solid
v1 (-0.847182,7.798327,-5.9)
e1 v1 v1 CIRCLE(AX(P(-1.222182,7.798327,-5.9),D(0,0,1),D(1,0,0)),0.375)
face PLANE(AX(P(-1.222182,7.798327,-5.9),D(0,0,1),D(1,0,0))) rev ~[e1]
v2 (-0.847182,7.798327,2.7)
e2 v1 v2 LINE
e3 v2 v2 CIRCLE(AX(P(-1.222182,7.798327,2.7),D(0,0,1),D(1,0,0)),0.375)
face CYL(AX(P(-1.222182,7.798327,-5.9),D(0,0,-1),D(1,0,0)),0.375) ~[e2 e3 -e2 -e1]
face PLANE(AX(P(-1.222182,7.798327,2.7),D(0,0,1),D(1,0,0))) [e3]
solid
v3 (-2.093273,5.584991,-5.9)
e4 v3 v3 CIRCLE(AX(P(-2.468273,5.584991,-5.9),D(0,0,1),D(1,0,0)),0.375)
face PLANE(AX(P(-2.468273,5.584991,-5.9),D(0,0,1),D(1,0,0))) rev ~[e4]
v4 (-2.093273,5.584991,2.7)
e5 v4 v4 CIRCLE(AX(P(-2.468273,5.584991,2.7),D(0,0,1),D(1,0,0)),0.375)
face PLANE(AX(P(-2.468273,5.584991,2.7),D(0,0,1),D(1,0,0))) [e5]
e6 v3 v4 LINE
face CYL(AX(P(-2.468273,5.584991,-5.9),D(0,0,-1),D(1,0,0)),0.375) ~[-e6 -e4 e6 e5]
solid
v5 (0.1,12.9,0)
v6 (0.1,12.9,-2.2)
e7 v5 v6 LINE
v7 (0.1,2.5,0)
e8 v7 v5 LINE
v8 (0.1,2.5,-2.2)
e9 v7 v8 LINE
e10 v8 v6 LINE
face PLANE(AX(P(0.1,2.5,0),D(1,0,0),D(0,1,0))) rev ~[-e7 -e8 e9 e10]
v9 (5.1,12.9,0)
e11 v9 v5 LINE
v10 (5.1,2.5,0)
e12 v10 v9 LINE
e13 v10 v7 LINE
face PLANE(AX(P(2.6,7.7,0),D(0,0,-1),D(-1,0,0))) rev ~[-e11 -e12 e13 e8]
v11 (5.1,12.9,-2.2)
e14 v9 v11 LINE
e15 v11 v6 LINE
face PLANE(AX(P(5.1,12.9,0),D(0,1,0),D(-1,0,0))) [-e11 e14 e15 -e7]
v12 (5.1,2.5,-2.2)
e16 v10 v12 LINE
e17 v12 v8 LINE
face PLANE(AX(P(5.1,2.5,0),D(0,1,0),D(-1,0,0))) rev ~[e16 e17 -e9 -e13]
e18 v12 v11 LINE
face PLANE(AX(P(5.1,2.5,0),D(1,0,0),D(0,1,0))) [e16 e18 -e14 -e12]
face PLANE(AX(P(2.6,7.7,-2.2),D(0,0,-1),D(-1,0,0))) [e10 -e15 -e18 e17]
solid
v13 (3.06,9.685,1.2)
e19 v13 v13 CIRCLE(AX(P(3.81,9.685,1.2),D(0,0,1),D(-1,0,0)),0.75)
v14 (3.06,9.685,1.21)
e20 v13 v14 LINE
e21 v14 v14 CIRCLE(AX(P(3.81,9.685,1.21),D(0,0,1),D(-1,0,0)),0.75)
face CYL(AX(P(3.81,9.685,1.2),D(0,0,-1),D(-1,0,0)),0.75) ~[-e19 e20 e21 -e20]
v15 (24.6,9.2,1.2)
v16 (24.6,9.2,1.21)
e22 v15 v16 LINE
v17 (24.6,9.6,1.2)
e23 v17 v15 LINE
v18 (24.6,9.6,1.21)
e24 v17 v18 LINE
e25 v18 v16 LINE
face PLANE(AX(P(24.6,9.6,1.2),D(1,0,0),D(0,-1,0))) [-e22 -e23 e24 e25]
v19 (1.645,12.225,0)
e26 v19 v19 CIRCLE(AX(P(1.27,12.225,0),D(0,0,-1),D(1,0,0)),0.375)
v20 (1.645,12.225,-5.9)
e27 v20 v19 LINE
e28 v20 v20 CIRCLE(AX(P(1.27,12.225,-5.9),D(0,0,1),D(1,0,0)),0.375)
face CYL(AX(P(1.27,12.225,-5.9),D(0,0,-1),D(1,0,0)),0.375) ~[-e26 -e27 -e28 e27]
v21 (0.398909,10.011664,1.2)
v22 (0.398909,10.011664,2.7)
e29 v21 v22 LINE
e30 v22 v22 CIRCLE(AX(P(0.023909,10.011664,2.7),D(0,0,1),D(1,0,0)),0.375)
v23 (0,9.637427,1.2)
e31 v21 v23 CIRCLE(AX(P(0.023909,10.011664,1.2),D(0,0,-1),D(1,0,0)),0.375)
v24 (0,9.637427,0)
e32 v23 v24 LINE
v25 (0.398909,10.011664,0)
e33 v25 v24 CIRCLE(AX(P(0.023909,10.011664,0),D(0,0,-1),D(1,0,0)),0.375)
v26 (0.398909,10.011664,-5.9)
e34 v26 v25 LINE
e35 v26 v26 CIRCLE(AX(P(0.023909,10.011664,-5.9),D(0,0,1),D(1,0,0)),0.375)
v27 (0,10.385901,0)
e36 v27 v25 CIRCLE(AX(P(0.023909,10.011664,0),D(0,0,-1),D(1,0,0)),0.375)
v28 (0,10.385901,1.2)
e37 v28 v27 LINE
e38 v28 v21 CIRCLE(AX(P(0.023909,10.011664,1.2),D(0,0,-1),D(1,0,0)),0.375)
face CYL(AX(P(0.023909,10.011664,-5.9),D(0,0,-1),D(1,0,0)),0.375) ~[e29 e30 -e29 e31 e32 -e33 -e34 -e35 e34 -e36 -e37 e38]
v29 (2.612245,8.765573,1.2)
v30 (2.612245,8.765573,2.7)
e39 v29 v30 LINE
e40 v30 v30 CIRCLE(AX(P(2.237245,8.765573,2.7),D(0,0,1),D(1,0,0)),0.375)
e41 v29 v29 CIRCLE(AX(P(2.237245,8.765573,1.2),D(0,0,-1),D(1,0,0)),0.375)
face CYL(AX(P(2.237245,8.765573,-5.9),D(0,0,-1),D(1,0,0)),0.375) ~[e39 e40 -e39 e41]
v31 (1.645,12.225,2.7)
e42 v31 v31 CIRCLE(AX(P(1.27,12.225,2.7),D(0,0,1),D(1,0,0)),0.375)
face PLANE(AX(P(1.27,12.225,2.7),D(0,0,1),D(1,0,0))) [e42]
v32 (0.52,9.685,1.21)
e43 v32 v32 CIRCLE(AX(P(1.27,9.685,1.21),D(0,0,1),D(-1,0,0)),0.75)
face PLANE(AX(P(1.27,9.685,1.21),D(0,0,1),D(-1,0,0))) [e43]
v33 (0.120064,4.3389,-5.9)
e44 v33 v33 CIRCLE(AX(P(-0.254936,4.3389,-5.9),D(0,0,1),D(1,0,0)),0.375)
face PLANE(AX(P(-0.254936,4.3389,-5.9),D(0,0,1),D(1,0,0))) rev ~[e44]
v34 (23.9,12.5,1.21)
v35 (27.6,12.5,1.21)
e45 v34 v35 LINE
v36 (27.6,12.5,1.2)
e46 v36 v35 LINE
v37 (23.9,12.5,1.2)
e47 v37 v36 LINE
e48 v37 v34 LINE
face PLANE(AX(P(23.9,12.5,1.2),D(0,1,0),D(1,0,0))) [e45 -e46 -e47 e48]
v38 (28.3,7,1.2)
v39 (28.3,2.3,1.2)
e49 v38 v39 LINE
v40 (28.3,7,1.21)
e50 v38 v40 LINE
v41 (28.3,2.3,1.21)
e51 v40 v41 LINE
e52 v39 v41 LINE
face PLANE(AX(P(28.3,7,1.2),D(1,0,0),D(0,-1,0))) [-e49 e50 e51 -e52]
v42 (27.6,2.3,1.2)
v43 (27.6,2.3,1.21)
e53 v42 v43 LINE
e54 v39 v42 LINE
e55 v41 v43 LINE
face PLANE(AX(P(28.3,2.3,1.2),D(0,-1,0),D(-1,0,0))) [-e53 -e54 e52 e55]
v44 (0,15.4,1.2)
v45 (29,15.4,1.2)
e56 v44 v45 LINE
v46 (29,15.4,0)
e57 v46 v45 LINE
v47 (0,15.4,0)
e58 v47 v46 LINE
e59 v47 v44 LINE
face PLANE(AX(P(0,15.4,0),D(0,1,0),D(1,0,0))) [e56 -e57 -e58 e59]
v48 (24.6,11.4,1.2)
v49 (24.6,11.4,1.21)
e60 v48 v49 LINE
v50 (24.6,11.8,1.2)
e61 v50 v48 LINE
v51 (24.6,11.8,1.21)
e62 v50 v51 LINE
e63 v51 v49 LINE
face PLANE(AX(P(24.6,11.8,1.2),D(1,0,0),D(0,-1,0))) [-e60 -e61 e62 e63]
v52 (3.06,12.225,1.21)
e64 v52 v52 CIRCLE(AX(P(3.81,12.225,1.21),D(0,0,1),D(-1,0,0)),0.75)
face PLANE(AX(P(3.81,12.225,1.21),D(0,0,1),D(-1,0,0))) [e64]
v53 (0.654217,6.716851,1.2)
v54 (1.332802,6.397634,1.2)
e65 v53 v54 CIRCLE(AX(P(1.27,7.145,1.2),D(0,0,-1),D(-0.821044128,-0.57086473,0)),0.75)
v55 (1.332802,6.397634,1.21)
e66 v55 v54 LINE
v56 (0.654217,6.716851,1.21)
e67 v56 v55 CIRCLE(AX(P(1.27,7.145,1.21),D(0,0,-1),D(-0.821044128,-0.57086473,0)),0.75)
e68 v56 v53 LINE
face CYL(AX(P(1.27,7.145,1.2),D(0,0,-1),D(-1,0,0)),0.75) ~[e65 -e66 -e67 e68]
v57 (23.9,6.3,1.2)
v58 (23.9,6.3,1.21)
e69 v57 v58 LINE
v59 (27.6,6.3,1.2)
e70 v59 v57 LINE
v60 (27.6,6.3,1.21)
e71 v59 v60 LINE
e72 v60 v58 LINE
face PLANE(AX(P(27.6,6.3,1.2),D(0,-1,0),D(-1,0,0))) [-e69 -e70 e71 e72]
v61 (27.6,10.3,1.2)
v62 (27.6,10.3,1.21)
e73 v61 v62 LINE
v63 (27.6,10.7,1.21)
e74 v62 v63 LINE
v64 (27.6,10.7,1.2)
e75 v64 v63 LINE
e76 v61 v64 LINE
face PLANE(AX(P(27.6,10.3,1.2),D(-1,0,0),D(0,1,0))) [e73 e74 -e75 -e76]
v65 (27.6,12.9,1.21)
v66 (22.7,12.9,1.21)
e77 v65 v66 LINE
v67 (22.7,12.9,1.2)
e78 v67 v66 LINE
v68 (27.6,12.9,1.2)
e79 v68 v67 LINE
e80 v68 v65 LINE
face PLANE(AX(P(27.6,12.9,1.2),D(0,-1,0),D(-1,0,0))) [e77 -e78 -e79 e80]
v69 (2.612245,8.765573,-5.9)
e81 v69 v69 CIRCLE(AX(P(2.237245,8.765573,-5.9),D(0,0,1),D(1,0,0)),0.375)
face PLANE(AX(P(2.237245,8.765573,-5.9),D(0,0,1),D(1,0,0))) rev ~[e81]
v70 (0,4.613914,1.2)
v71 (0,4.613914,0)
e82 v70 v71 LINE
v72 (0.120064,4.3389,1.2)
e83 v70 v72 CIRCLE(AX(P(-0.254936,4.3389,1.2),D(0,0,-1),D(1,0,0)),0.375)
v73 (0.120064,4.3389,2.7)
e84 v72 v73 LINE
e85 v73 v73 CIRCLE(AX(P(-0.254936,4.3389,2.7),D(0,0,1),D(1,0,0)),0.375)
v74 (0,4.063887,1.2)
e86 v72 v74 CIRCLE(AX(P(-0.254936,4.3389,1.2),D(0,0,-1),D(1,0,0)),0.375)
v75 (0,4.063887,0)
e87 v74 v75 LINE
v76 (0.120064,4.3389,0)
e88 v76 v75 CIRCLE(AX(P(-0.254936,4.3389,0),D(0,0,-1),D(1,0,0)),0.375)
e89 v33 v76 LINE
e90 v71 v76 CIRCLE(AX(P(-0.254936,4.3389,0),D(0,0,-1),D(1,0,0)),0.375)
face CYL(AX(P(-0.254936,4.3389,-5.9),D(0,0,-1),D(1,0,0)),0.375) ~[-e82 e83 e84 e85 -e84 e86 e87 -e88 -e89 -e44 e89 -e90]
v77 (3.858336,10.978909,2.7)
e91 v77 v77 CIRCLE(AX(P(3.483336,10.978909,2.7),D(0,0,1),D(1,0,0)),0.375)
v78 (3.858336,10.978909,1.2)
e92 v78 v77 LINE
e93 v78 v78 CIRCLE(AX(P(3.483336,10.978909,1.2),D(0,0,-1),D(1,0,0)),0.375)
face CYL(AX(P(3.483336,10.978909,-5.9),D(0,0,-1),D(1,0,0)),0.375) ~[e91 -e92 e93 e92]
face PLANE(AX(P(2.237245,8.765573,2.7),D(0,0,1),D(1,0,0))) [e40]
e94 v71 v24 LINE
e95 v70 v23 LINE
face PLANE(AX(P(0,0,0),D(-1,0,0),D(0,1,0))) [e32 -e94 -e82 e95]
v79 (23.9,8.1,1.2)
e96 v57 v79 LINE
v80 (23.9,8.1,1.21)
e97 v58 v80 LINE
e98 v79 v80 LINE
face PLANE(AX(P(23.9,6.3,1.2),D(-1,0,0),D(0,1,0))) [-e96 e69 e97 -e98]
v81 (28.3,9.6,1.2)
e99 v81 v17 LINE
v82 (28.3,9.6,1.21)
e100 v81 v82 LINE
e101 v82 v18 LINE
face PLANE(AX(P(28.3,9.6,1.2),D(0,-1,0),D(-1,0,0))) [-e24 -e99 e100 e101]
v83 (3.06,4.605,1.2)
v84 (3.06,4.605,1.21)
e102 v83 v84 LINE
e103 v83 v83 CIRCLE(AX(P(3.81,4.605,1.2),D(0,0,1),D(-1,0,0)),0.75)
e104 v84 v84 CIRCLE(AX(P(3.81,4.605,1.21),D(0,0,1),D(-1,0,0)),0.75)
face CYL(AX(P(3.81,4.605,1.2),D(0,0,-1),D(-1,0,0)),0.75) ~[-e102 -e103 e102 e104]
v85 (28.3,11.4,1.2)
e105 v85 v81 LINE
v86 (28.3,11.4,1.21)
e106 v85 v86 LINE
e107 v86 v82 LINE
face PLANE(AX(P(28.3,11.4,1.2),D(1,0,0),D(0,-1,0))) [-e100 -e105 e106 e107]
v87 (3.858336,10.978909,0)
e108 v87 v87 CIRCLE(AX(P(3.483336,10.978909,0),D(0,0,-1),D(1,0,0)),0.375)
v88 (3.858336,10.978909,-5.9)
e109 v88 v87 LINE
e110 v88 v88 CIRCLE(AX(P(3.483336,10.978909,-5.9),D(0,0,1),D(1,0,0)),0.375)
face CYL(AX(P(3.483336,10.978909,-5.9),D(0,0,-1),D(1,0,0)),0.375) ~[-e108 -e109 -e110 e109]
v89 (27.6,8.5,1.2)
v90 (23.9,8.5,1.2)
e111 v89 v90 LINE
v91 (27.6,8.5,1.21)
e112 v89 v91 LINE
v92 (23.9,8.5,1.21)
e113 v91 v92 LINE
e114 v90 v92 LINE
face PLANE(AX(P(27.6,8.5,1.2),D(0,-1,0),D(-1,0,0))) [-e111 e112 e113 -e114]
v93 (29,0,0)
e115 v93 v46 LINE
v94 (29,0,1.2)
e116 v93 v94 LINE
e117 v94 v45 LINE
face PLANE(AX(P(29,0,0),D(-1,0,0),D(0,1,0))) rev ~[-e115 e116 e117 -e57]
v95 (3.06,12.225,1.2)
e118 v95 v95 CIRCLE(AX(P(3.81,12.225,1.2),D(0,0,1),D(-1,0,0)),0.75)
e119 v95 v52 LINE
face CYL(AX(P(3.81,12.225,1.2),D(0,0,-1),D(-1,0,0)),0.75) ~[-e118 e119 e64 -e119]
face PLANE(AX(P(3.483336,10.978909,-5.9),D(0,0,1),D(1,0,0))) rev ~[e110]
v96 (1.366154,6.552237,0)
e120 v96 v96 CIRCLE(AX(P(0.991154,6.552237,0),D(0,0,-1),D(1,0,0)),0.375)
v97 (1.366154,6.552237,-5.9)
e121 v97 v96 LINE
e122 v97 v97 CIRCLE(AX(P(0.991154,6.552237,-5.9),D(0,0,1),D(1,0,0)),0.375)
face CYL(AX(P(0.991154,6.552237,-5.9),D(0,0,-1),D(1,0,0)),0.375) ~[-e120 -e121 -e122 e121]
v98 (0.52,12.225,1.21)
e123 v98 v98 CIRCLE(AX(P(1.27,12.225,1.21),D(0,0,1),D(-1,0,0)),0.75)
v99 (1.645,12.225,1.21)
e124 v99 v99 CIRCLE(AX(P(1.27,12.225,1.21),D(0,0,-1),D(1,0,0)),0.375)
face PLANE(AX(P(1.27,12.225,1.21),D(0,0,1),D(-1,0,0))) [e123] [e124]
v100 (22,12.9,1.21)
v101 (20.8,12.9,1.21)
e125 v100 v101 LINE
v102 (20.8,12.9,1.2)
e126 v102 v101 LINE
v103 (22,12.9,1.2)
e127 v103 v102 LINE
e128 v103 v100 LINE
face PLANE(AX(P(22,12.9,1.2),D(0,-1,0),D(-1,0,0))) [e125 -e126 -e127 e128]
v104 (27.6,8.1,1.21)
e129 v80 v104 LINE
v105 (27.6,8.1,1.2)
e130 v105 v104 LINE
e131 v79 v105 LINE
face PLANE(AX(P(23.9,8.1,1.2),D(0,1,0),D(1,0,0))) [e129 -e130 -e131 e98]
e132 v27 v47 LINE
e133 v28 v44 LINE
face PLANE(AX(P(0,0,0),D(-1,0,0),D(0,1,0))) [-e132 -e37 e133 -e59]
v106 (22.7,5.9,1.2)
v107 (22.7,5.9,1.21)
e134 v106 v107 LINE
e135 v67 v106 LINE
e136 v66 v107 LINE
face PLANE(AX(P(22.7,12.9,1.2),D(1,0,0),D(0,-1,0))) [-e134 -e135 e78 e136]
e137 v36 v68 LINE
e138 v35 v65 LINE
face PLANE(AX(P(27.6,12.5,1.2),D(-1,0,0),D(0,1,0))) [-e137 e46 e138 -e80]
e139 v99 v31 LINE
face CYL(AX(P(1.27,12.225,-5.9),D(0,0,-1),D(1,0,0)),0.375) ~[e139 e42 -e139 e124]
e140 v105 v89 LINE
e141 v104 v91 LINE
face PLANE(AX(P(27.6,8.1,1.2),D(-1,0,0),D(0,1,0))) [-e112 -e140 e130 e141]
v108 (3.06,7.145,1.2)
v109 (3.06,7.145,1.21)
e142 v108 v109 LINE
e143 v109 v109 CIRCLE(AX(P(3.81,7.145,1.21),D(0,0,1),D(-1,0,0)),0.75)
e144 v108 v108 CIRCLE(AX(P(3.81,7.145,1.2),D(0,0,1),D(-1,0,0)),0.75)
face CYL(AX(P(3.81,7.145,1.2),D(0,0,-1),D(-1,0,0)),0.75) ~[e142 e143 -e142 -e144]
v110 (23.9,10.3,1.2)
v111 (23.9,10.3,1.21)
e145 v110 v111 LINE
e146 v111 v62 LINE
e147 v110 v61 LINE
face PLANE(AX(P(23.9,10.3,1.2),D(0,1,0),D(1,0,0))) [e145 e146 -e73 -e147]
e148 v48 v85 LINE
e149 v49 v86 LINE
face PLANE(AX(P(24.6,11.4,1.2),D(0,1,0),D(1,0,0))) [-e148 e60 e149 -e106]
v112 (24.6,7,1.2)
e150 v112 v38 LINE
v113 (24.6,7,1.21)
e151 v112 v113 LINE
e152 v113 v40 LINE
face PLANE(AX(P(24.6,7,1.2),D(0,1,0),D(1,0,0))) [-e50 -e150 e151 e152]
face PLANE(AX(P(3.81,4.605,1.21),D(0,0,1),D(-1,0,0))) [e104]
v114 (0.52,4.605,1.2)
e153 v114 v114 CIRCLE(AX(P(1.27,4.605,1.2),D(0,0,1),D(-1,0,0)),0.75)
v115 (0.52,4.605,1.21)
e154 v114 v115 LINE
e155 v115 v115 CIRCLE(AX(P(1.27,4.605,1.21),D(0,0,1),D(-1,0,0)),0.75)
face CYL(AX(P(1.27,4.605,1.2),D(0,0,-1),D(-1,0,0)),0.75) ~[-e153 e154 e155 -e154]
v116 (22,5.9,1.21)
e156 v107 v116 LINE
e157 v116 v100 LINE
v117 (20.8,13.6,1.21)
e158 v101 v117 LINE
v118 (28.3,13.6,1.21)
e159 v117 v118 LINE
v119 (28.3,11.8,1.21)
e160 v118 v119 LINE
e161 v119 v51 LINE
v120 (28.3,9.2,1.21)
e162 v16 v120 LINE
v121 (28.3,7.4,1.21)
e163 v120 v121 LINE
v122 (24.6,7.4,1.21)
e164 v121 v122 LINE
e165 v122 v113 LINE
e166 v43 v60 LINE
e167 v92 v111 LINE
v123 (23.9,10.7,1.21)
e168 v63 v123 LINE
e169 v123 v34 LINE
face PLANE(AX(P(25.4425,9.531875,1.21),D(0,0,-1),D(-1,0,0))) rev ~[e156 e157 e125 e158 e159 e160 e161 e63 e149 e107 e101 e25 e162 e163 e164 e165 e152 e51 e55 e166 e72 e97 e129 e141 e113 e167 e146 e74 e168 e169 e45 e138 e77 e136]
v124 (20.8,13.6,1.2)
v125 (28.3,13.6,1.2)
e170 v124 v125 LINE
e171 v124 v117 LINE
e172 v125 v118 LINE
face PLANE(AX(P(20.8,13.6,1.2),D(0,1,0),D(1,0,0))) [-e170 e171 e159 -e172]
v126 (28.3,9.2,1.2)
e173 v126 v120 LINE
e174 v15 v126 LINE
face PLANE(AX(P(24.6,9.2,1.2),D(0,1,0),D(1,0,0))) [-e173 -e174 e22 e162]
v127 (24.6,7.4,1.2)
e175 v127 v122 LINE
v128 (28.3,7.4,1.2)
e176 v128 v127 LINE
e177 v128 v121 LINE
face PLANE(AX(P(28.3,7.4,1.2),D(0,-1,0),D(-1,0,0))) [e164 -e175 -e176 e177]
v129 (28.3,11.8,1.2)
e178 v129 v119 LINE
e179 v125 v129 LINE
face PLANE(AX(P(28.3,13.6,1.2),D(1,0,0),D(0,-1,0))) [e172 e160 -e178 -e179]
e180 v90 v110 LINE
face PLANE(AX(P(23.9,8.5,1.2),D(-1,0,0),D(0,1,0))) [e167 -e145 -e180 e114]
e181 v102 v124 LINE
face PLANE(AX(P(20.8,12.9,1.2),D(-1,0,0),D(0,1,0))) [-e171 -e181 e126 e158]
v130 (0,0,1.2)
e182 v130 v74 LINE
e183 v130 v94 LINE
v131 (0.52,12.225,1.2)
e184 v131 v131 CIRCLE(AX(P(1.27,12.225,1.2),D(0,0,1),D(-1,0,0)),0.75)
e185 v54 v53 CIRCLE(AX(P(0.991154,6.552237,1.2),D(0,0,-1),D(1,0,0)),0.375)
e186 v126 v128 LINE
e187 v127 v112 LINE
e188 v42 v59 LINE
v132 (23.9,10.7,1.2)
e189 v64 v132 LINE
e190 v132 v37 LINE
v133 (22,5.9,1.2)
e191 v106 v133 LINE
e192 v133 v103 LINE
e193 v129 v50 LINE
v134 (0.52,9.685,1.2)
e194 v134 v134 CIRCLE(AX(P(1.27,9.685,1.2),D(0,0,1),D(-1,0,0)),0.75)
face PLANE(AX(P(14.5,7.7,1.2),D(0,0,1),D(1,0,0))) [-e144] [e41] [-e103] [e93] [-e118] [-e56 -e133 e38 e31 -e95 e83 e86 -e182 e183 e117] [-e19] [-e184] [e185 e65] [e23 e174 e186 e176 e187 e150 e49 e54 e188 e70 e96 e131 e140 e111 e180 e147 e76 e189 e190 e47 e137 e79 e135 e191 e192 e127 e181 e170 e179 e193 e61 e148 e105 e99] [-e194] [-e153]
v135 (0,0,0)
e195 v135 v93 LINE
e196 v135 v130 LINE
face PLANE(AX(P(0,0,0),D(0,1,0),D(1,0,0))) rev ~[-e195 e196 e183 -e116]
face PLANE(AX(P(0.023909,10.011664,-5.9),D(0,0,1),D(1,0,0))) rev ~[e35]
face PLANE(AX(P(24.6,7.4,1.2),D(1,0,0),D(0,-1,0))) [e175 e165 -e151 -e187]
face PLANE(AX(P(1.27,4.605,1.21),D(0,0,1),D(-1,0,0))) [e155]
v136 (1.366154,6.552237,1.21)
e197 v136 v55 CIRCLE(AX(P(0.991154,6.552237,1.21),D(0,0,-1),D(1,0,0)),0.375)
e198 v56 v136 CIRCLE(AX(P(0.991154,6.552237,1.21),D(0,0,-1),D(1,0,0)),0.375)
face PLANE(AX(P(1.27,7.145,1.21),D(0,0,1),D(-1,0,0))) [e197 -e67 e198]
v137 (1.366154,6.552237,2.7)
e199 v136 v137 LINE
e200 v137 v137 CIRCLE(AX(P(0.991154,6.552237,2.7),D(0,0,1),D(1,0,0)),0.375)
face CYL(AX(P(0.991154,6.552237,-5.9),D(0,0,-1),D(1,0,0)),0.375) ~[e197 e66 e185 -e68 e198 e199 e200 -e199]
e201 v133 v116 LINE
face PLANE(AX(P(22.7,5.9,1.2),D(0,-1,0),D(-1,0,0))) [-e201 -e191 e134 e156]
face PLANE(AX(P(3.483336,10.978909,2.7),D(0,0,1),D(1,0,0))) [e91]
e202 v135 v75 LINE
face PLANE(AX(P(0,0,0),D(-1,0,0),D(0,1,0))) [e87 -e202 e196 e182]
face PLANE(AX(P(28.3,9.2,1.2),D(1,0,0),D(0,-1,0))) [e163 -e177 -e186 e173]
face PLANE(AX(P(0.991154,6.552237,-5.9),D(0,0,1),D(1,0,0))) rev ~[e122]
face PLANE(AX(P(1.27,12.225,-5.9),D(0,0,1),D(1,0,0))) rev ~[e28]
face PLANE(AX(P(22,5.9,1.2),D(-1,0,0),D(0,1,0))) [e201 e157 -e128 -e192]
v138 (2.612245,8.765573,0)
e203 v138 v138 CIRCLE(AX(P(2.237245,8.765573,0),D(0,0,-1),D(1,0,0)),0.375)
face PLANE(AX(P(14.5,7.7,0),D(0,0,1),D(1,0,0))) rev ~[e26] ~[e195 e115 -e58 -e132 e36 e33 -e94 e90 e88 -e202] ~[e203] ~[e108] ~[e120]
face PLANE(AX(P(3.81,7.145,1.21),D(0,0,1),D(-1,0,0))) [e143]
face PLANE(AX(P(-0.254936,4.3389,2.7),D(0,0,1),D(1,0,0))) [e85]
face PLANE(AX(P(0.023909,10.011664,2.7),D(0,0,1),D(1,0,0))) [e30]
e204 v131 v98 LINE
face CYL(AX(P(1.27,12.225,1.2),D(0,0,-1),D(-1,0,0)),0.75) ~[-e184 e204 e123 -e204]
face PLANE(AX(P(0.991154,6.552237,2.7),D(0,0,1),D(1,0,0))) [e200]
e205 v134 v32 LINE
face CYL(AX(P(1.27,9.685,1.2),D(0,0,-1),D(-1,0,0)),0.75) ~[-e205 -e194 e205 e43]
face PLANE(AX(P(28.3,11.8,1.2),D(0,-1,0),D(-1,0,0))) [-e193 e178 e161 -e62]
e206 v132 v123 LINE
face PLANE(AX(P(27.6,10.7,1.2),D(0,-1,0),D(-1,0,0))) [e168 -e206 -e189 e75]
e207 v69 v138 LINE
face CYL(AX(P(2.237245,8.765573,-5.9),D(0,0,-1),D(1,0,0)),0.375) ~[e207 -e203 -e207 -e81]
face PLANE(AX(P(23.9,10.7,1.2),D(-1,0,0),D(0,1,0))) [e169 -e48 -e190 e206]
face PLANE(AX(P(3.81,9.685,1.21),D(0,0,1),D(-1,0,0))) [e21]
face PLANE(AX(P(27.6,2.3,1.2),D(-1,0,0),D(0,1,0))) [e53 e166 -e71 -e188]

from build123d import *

# Parameters (mm, degrees)
SKETCH2_W                = 29
SKETCH2_H                = 15.4
BOSS_EXTRUDE1_DEPTH      = 1.2
SKETCH3_R                = 0.75
BOSS_EXTRUDE2_DEPTH      = 0.01
BOSS_EXTRUDE3_DEPTH      = 1.5
BOSS_EXTRUDE3_DEPTH_BACK = 7.1
SKETCH4_R                = 0.375
BOSS_EXTRUDE4_DEPTH      = 0.01
SKETCH6_W                = 5
SKETCH6_H                = 10.4
BOSS_EXTRUDE5_DEPTH      = 2.2


with BuildPart() as part:
    # Sketch2 → Boss-Extrude1 (new body)
    with BuildSketch(Plane.XY):
        with Locations((14.5, 7.7)):
            Rectangle(SKETCH2_W, SKETCH2_H)
    extrude(amount=BOSS_EXTRUDE1_DEPTH)

    # Sketch3 → Boss-Extrude2 (add)
    with BuildSketch(Plane.XY.offset(1.2)):
        with Locations(Location((1.27, 12.225, 0), (0, 0, 180))):
            Circle(SKETCH3_R)
        with Locations(Location((3.81, 12.225, 0), (0, 0, 180))):
            Circle(SKETCH3_R)
        with Locations(Location((3.81, 9.685, 0), (0, 0, 180))):
            Circle(SKETCH3_R)
        with Locations(Location((3.81, 7.145, 0), (0, 0, 180))):
            Circle(SKETCH3_R)
        with Locations(Location((3.81, 4.605, 0), (0, 0, 180))):
            Circle(SKETCH3_R)
        with Locations(Location((1.27, 9.685, 0), (0, 0, 180))):
            Circle(SKETCH3_R)
        with Locations(Location((1.27, 7.145, 0), (0, 0, 180))):
            Circle(SKETCH3_R)
        with Locations(Location((1.27, 4.605, 0), (0, 0, 180))):
            Circle(SKETCH3_R)
    extrude(amount=BOSS_EXTRUDE2_DEPTH)

    # Sketch4 → Boss-Extrude3 (add, two sides: drawn at the far end of the back side and taken through both)
    with BuildSketch(Plane.XY.offset(1.2).offset(-BOSS_EXTRUDE3_DEPTH_BACK)):
        with Locations((1.27, 12.225)):
            Circle(SKETCH4_R)
        with Locations((3.483336278, 10.978909104)):
            Circle(SKETCH4_R)
        with Locations((2.237245381, 8.765572826)):
            Circle(SKETCH4_R)
        with Locations((0.991154485, 6.552236548)):
            Circle(SKETCH4_R)
        with Locations((-0.254936412, 4.338900271)):
            Circle(SKETCH4_R)
        with Locations((0.023909104, 10.011663722)):
            Circle(SKETCH4_R)
        with Locations((-1.222181793, 7.798327445)):
            Circle(SKETCH4_R)
        with Locations((-2.468272689, 5.584991167)):
            Circle(SKETCH4_R)
    extrude(amount=BOSS_EXTRUDE3_DEPTH + BOSS_EXTRUDE3_DEPTH_BACK)


with BuildPart() as boss_extrude3_piece_1:
    # of the separate pieces the step leaves, piece 1, a body of its own (boss_extrude3_pieces)
    add(part.part.solids().sort_by_distance((0, 0, 0))[0])

    # Sketch5 → Boss-Extrude4 (add)
    with BuildSketch(Plane.XY.offset(1.2)):
        Polygon((20.8, 13.6), (28.3, 13.6), (28.3, 11.8), (24.6, 11.8), (24.6, 11.4), (28.3, 11.4), (28.3, 9.6), (24.6, 9.6), (24.6, 9.2), (28.3, 9.2), (28.3, 7.4), (24.6, 7.4), (24.6, 7), (28.3, 7), (28.3, 2.3), (27.6, 2.3), (27.6, 6.3), (23.9, 6.3), (23.9, 8.1), (27.6, 8.1), (27.6, 8.5), (23.9, 8.5), (23.9, 10.3), (27.6, 10.3), (27.6, 10.7), (23.9, 10.7), (23.9, 12.5), (27.6, 12.5), (27.6, 12.9), (22.7, 12.9), (22.7, 5.9), (22, 5.9), (22, 12.9), (20.8, 12.9), align=None)
    extrude(amount=BOSS_EXTRUDE4_DEPTH)


with BuildPart() as boss_extrude3_piece_2:
    # of the separate pieces the step leaves, piece 2, a body of its own (boss_extrude3_pieces)
    add(part.part.solids().sort_by_distance((-0.847181793, 7.798327445, 1.2))[0])


with BuildPart() as boss_extrude3_piece_3:
    # of the separate pieces the step leaves, piece 3, a body of its own (boss_extrude3_pieces)
    add(part.part.solids().sort_by_distance((-2.093272689, 5.584991167, 1.2))[0])


with BuildPart() as body_4:
    # Sketch6 → Boss-Extrude5 (new body)
    with BuildSketch(Plane(origin=(0, 0, 0), x_dir=(-1, 0, 0), z_dir=(0, 0, -1))):
        with Locations((-2.6, 7.7)):
            Rectangle(SKETCH6_W, SKETCH6_H)
    extrude(amount=BOSS_EXTRUDE5_DEPTH)


solid = Compound([boss_extrude3_piece_1.part, boss_extrude3_piece_2.part, boss_extrude3_piece_3.part, body_4.part])
